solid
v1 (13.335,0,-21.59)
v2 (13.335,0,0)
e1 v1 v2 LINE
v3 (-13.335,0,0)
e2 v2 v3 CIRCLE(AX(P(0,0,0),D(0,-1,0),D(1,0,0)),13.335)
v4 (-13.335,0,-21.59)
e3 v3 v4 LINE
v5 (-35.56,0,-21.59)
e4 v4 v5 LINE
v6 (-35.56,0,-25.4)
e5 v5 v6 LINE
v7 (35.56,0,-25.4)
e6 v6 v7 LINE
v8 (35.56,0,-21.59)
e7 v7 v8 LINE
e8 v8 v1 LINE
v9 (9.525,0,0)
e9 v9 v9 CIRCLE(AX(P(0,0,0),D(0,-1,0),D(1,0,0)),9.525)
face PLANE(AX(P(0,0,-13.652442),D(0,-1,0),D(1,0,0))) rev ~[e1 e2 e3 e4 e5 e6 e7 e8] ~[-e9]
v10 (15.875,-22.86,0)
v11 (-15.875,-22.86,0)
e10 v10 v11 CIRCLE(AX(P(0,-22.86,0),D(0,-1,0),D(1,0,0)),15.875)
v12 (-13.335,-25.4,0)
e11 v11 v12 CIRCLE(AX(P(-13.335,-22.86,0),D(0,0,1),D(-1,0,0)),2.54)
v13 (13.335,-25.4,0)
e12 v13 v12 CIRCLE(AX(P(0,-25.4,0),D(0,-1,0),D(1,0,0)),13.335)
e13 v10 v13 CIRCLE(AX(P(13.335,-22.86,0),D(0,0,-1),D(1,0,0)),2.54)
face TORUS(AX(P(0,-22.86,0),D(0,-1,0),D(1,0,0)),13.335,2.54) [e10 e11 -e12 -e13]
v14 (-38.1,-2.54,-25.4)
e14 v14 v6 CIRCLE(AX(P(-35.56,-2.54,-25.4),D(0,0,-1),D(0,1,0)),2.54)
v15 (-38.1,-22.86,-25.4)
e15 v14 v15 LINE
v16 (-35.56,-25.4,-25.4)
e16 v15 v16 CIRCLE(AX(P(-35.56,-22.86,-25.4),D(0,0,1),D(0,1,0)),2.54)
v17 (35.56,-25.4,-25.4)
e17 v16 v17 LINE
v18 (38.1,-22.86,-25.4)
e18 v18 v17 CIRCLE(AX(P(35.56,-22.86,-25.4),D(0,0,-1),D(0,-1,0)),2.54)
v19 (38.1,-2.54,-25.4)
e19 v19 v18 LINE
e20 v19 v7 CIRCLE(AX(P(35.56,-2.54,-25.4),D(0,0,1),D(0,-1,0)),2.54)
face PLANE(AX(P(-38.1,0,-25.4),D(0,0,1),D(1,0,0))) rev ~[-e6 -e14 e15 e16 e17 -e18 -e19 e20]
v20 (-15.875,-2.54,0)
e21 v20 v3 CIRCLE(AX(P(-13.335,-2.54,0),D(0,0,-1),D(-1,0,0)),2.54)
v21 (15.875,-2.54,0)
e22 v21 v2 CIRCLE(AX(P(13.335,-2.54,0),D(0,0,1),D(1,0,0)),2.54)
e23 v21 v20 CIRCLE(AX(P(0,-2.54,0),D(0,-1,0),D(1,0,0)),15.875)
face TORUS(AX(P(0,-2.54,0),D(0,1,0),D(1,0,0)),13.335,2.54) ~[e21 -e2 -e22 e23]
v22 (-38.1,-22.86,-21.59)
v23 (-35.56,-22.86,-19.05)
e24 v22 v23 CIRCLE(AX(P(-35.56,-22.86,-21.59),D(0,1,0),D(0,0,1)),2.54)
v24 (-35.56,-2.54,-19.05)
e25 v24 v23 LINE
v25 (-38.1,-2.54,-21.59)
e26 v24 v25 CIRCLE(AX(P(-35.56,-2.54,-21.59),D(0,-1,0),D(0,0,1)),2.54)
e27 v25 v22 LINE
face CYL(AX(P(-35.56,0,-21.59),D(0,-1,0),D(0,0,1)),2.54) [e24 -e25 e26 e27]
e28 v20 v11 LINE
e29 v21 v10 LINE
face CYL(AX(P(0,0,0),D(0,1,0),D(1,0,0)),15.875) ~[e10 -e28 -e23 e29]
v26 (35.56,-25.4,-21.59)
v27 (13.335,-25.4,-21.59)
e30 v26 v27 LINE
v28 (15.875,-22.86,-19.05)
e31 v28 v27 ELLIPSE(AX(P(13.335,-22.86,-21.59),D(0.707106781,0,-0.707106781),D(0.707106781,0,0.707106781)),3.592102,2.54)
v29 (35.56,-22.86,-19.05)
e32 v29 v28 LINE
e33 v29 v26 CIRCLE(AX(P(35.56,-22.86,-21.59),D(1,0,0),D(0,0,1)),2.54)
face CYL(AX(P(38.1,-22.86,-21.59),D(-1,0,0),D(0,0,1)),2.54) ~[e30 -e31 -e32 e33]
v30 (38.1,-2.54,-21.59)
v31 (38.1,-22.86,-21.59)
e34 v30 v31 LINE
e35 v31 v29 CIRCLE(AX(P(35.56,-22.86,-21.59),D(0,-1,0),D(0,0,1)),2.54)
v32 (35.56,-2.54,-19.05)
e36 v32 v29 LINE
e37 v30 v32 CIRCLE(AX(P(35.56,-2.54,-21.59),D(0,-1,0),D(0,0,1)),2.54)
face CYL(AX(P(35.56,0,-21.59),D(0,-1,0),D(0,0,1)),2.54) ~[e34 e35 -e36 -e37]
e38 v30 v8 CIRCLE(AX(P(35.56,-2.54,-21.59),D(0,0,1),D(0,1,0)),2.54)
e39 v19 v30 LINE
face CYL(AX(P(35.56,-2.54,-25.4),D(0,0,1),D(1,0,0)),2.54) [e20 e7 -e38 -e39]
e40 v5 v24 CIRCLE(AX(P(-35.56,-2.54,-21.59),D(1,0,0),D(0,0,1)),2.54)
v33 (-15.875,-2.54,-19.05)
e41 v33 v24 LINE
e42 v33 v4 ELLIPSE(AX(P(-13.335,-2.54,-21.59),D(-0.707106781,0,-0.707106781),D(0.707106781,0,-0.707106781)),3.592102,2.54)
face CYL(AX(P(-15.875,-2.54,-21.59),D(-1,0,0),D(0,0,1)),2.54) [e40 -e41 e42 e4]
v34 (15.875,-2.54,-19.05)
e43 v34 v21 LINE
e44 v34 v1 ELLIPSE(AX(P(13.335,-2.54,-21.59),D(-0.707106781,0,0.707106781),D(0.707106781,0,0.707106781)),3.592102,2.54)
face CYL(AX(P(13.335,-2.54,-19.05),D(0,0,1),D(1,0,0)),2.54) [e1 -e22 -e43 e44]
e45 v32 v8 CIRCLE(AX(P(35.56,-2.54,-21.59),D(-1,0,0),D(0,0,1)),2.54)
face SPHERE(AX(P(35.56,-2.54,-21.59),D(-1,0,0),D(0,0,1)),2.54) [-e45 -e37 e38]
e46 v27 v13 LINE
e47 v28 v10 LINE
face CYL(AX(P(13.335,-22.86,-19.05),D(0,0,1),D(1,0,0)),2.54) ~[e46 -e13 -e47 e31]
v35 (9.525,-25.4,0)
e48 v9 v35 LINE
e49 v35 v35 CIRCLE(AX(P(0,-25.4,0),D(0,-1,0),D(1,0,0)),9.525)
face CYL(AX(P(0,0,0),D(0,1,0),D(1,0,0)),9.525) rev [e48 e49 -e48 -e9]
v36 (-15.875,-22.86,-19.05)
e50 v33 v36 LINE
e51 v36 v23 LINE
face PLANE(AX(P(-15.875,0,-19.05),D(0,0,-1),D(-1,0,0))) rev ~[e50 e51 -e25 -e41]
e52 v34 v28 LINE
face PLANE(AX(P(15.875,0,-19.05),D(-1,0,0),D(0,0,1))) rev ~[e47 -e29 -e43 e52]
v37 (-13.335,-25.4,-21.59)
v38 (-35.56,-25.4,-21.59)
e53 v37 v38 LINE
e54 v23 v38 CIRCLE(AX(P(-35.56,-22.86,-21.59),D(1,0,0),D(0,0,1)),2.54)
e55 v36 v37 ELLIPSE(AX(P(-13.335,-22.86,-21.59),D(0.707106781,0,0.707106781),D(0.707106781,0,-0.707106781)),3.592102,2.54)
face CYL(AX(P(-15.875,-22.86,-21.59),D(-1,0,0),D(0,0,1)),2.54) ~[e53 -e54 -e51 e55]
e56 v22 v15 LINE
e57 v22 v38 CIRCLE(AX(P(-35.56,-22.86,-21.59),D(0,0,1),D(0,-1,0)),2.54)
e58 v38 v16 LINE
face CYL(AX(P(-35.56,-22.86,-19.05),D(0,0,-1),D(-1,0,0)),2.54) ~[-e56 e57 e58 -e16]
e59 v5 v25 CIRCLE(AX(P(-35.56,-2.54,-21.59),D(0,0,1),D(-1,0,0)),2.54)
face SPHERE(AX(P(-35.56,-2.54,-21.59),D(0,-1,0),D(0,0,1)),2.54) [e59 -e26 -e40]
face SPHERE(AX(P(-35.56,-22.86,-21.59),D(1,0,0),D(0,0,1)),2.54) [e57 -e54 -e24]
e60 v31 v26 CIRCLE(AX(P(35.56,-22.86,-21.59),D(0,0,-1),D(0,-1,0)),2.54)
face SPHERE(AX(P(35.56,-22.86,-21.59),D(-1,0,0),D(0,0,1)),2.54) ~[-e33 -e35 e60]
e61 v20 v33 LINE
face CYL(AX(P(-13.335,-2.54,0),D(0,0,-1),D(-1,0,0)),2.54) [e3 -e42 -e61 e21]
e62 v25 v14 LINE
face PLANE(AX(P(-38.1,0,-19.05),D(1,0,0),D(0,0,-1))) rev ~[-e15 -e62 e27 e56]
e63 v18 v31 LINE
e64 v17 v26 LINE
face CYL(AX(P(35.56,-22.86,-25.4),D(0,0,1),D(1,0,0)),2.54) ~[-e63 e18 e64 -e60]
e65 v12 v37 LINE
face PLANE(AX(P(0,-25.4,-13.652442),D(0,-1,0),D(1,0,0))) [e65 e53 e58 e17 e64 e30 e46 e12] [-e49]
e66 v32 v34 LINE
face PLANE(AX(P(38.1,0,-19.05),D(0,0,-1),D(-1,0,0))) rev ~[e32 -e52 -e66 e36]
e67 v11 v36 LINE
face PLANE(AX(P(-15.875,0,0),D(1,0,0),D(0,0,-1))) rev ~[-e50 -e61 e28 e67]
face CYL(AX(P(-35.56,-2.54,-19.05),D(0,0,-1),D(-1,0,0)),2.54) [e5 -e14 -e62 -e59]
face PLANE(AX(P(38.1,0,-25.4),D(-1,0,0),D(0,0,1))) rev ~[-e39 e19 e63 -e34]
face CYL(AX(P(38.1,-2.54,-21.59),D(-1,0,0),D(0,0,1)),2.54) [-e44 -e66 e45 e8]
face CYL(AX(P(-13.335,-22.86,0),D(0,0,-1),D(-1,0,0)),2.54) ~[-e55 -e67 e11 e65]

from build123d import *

# Parameters (mm, degrees)
F0_R     = 9.525
F1_DEPTH = 25.4
F2_R     = 2.54


with BuildPart() as f1:
    # F0 (on Front) → F1 (new body)
    with BuildSketch(Plane.XZ):
        with BuildLine():
            Line((15.875, -19.05), (15.875, 0))
            ThreePointArc((15.875, 0), (0, 15.875), (-15.875, 0))
            Line((-15.875, 0), (-15.875, -19.05))
            Line((-15.875, -19.05), (-38.1, -19.05))
            Line((-38.1, -19.05), (-38.1, -25.4))
            Line((-38.1, -25.4), (0, -25.4))
            Line((0, -25.4), (38.1, -25.4))
            Line((38.1, -25.4), (38.1, -19.05))
            Line((38.1, -19.05), (15.875, -19.05))
        make_face()
        Circle(F0_R, mode=Mode.SUBTRACT)
    extrude(amount=F1_DEPTH)

    # F2
    f2_edges = [f1.edges().sort_by_distance(p)[0] for p in [
        (0, -25.4, 15.875),
        (0, 0, 15.875),
        (-15.875, -25.4, -9.525),
        (15.875, -25.4, -9.525),
        (26.9875, -25.4, -19.05),
        (-26.9875, -25.4, -19.05),
        (-38.1, -12.7, -19.05),
        (-26.9875, 0, -19.05),
        (-15.875, 0, -9.525),
        (15.875, 0, -9.525),
        (26.9875, 0, -19.05),
        (38.1, -12.7, -19.05),
        (-38.1, -25.4, -22.225),
        (-38.1, 0, -22.225),
        (38.1, 0, -22.225),
        (38.1, -25.4, -22.225),
    ]]
    fillet(f2_edges, radius=F2_R)


solid = f1.part
